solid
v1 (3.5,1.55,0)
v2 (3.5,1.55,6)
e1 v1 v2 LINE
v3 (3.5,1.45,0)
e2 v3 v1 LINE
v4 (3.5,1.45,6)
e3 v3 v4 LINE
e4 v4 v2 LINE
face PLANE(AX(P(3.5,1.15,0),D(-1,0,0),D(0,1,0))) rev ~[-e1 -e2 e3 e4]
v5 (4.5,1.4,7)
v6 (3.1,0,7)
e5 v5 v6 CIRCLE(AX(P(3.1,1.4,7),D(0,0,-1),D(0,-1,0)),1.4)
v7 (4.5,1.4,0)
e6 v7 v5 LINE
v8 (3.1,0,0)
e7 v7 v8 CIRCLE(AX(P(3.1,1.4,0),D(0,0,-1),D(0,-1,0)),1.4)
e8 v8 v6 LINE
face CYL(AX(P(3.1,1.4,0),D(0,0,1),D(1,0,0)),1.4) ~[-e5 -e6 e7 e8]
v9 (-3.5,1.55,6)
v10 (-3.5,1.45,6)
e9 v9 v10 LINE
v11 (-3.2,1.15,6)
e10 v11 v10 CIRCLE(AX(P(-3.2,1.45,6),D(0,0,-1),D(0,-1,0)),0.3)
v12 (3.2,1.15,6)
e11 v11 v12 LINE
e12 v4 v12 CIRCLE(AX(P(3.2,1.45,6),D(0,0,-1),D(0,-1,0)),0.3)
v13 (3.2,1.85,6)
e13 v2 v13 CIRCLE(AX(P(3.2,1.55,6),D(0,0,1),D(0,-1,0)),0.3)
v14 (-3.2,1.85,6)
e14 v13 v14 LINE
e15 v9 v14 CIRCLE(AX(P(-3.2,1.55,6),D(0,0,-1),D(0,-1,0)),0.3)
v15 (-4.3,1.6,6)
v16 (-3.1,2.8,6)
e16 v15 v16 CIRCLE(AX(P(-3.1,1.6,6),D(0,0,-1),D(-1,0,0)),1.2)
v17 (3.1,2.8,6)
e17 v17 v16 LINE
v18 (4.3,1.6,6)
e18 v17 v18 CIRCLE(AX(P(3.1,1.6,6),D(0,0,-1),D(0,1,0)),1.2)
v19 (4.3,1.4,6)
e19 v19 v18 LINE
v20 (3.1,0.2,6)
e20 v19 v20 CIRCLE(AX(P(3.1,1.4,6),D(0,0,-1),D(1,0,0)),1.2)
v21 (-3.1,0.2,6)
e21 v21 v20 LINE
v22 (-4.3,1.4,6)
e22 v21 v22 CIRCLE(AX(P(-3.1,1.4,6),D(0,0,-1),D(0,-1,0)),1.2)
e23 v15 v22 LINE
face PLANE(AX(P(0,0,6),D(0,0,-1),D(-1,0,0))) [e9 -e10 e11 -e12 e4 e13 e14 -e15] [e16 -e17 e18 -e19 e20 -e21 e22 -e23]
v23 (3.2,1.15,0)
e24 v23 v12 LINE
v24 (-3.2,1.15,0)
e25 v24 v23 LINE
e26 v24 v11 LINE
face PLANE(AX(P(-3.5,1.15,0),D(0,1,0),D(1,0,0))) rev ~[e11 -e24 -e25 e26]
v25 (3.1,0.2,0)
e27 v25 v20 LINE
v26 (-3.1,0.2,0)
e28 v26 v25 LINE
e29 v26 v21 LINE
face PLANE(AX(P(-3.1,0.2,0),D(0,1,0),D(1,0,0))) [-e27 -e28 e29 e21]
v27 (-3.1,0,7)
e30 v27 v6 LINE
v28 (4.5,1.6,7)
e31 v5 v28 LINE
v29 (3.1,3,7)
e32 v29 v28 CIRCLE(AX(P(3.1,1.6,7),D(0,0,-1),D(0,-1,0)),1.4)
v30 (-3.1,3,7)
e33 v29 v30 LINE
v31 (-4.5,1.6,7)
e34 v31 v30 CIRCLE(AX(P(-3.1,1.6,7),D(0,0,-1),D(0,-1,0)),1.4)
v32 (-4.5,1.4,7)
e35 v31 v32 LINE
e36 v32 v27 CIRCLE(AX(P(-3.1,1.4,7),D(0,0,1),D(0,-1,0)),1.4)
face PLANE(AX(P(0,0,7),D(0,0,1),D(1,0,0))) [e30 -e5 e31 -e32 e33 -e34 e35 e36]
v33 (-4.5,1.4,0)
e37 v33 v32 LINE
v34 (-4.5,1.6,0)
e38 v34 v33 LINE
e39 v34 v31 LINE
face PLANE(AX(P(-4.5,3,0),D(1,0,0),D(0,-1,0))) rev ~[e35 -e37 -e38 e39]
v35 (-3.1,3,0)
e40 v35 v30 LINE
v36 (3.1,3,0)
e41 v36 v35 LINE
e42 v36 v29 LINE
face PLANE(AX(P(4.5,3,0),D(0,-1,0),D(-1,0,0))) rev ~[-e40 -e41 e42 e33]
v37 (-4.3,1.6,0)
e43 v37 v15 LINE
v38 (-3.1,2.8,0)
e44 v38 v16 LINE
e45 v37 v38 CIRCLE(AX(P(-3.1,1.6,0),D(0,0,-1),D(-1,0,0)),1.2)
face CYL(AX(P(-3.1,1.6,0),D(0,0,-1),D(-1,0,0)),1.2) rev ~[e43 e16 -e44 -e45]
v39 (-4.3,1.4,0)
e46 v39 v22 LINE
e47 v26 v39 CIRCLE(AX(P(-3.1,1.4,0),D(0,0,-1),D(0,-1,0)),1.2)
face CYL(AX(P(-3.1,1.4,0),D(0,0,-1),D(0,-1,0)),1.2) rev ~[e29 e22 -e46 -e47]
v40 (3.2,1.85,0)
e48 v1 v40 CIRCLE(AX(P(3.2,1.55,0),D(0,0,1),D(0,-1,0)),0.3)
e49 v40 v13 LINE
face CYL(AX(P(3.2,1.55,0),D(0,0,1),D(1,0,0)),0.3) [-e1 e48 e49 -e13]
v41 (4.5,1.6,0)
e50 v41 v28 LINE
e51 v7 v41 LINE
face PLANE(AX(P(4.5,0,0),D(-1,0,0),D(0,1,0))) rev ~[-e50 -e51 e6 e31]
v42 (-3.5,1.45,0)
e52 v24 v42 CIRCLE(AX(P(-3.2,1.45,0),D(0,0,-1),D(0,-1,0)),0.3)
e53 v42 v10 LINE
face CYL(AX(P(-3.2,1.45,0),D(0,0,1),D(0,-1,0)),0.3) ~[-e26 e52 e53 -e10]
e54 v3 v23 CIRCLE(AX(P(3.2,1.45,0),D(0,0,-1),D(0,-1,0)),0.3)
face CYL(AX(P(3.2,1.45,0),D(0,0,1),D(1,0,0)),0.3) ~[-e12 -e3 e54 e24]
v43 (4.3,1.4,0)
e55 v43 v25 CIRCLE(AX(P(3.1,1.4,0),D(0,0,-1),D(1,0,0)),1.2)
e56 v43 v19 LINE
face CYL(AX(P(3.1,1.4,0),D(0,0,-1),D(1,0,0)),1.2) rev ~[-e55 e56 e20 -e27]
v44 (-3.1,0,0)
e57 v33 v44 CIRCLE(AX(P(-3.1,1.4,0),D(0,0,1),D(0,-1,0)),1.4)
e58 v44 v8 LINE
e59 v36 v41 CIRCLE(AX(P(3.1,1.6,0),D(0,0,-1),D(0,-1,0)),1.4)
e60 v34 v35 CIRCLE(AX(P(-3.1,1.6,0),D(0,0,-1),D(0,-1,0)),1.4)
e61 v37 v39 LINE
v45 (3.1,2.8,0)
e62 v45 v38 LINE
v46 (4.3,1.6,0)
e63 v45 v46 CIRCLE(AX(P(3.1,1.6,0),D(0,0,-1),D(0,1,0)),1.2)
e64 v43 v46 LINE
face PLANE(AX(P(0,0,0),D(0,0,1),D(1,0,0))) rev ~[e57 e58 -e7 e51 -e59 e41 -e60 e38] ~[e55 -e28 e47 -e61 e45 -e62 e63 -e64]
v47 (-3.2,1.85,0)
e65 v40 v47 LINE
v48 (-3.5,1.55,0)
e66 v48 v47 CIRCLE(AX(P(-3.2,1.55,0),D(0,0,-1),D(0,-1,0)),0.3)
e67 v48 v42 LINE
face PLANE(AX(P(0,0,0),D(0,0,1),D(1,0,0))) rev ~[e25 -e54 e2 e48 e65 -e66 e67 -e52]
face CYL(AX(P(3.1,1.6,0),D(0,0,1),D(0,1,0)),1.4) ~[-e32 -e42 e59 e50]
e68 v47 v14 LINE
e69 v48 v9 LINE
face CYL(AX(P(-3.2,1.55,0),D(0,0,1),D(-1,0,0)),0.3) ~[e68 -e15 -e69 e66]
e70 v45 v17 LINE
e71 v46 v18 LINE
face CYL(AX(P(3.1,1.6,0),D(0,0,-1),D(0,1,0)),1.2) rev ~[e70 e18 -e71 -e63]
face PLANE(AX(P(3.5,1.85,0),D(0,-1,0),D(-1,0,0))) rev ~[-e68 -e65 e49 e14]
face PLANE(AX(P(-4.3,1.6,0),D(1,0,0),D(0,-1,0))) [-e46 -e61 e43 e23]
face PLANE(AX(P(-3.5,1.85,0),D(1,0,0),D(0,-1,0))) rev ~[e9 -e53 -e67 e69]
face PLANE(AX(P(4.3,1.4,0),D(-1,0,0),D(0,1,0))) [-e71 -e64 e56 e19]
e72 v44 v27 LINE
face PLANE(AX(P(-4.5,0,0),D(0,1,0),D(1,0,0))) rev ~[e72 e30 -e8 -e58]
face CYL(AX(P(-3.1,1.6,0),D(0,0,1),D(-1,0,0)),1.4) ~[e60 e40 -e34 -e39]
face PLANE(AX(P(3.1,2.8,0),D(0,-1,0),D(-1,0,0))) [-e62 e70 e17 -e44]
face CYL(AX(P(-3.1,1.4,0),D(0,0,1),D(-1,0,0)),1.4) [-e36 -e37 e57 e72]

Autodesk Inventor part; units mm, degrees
ref_plane "YZ Plane" through (0, 0, 0) normal (1, 0, 0) x (0, 1, 0)
ref_plane "XZ Plane" through (0, 0, 0) normal (0, 1, 0) x (-1, 0, 0)
ref_plane "XY Plane" through (0, 0, 0) normal (0, 0, 1) x (1, 0, 0)
sketch "Sketch1" plane through (0, 0, 0) normal (0, 0, 1) x (1, 0, 0)
  line L0 (-4.5, 0) -> (4.5, 0)
  line L1 (4.5, 0) -> (4.5, 3)
  line L2 (4.5, 3) -> (-4.5, 3)
  line L3 (-4.5, 3) -> (-4.5, 0)
  line L4 (-4.5, 0) -> (4.5, 3) construction
  line L5 (4.5, 0) -> (-4.5, 3) construction
  point P0 (0, 0)
  point P1 (0, 0)
  dimension "d0" = 9
  dimension "d1" = 3
extrude "Extrusion1" add sketch "Sketch1" along normal blind 7
fillet "Fillet1" radius 1.4 4 edges at (4.5, 3, 3.5) (-4.5, 3, 3.5) (-4.5, 0, 3.5) (4.5, 0, 3.5)
sketch "Sketch2" plane through (0, 0, 0) normal (0, 0, -1) x (-1, 0, 0)
  arc A0 (-4.5, 1.4) -> (-3.1, 0) centre (-3.1, 1.4) ccw projected
  line L0 (3.1, 0) -> (-3.1, 0) projected
  arc A1 (3.1, 0) -> (4.5, 1.4) centre (3.1, 1.4) ccw projected
  line L1 (4.5, 1.6) -> (4.5, 1.4) projected
  arc A2 (4.5, 1.6) -> (3.1, 3) centre (3.1, 1.6) ccw projected
  line L2 (-3.1, 3) -> (3.1, 3) projected
  arc A3 (-3.1, 3) -> (-4.5, 1.6) centre (-3.1, 1.6) ccw projected
  line L3 (-4.5, 1.4) -> (-4.5, 1.6) projected
  arc A4 (4.3, 1.6) -> (3.1, 2.8) centre (3.1, 1.6) ccw
  line L4 (4.3, 1.6) -> (4.3, 1.4)
  arc A5 (3.1, 0.2) -> (4.3, 1.4) centre (3.1, 1.4) ccw
  line L5 (3.1, 0.2) -> (-3.1, 0.2)
  arc A6 (-4.3, 1.4) -> (-3.1, 0.2) centre (-3.1, 1.4) ccw
  line L6 (-4.3, 1.4) -> (-4.3, 1.6)
  arc A7 (-3.1, 2.8) -> (-4.3, 1.6) centre (-3.1, 1.6) ccw
  line L7 (-3.1, 2.8) -> (3.1, 2.8)
  line L8 (-3.5, 1.85) -> (3.5, 1.85)
  line L9 (3.5, 1.85) -> (3.5, 1.15)
  line L10 (3.5, 1.15) -> (-3.5, 1.15)
  line L11 (-3.5, 1.15) -> (-3.5, 1.85)
  line L12 (-3.5, 1.85) -> (3.5, 1.15) construction
  line L13 (3.5, 1.85) -> (-3.5, 1.15) construction
  point P0 (0, 0)
  point P1 (0, 1.5)
  point P2 (4.5, 1.5)
  point P3 (0, 0)
  dimension "d5" = 0.2
  dimension "d6" = 7
  dimension "d7" = 0.7
extrude "Extrusion2" cut sketch "Sketch2" against normal blind 6 contours L4 A5 L5 A6 L6 A7 L7 A4
fillet "Fillet2" radius 0.3 4 edges at (3.5, 1.15, 3) (3.5, 1.85, 3) (-3.5, 1.15, 3) (-3.5, 1.85, 3)
properties part number "USB_C"
